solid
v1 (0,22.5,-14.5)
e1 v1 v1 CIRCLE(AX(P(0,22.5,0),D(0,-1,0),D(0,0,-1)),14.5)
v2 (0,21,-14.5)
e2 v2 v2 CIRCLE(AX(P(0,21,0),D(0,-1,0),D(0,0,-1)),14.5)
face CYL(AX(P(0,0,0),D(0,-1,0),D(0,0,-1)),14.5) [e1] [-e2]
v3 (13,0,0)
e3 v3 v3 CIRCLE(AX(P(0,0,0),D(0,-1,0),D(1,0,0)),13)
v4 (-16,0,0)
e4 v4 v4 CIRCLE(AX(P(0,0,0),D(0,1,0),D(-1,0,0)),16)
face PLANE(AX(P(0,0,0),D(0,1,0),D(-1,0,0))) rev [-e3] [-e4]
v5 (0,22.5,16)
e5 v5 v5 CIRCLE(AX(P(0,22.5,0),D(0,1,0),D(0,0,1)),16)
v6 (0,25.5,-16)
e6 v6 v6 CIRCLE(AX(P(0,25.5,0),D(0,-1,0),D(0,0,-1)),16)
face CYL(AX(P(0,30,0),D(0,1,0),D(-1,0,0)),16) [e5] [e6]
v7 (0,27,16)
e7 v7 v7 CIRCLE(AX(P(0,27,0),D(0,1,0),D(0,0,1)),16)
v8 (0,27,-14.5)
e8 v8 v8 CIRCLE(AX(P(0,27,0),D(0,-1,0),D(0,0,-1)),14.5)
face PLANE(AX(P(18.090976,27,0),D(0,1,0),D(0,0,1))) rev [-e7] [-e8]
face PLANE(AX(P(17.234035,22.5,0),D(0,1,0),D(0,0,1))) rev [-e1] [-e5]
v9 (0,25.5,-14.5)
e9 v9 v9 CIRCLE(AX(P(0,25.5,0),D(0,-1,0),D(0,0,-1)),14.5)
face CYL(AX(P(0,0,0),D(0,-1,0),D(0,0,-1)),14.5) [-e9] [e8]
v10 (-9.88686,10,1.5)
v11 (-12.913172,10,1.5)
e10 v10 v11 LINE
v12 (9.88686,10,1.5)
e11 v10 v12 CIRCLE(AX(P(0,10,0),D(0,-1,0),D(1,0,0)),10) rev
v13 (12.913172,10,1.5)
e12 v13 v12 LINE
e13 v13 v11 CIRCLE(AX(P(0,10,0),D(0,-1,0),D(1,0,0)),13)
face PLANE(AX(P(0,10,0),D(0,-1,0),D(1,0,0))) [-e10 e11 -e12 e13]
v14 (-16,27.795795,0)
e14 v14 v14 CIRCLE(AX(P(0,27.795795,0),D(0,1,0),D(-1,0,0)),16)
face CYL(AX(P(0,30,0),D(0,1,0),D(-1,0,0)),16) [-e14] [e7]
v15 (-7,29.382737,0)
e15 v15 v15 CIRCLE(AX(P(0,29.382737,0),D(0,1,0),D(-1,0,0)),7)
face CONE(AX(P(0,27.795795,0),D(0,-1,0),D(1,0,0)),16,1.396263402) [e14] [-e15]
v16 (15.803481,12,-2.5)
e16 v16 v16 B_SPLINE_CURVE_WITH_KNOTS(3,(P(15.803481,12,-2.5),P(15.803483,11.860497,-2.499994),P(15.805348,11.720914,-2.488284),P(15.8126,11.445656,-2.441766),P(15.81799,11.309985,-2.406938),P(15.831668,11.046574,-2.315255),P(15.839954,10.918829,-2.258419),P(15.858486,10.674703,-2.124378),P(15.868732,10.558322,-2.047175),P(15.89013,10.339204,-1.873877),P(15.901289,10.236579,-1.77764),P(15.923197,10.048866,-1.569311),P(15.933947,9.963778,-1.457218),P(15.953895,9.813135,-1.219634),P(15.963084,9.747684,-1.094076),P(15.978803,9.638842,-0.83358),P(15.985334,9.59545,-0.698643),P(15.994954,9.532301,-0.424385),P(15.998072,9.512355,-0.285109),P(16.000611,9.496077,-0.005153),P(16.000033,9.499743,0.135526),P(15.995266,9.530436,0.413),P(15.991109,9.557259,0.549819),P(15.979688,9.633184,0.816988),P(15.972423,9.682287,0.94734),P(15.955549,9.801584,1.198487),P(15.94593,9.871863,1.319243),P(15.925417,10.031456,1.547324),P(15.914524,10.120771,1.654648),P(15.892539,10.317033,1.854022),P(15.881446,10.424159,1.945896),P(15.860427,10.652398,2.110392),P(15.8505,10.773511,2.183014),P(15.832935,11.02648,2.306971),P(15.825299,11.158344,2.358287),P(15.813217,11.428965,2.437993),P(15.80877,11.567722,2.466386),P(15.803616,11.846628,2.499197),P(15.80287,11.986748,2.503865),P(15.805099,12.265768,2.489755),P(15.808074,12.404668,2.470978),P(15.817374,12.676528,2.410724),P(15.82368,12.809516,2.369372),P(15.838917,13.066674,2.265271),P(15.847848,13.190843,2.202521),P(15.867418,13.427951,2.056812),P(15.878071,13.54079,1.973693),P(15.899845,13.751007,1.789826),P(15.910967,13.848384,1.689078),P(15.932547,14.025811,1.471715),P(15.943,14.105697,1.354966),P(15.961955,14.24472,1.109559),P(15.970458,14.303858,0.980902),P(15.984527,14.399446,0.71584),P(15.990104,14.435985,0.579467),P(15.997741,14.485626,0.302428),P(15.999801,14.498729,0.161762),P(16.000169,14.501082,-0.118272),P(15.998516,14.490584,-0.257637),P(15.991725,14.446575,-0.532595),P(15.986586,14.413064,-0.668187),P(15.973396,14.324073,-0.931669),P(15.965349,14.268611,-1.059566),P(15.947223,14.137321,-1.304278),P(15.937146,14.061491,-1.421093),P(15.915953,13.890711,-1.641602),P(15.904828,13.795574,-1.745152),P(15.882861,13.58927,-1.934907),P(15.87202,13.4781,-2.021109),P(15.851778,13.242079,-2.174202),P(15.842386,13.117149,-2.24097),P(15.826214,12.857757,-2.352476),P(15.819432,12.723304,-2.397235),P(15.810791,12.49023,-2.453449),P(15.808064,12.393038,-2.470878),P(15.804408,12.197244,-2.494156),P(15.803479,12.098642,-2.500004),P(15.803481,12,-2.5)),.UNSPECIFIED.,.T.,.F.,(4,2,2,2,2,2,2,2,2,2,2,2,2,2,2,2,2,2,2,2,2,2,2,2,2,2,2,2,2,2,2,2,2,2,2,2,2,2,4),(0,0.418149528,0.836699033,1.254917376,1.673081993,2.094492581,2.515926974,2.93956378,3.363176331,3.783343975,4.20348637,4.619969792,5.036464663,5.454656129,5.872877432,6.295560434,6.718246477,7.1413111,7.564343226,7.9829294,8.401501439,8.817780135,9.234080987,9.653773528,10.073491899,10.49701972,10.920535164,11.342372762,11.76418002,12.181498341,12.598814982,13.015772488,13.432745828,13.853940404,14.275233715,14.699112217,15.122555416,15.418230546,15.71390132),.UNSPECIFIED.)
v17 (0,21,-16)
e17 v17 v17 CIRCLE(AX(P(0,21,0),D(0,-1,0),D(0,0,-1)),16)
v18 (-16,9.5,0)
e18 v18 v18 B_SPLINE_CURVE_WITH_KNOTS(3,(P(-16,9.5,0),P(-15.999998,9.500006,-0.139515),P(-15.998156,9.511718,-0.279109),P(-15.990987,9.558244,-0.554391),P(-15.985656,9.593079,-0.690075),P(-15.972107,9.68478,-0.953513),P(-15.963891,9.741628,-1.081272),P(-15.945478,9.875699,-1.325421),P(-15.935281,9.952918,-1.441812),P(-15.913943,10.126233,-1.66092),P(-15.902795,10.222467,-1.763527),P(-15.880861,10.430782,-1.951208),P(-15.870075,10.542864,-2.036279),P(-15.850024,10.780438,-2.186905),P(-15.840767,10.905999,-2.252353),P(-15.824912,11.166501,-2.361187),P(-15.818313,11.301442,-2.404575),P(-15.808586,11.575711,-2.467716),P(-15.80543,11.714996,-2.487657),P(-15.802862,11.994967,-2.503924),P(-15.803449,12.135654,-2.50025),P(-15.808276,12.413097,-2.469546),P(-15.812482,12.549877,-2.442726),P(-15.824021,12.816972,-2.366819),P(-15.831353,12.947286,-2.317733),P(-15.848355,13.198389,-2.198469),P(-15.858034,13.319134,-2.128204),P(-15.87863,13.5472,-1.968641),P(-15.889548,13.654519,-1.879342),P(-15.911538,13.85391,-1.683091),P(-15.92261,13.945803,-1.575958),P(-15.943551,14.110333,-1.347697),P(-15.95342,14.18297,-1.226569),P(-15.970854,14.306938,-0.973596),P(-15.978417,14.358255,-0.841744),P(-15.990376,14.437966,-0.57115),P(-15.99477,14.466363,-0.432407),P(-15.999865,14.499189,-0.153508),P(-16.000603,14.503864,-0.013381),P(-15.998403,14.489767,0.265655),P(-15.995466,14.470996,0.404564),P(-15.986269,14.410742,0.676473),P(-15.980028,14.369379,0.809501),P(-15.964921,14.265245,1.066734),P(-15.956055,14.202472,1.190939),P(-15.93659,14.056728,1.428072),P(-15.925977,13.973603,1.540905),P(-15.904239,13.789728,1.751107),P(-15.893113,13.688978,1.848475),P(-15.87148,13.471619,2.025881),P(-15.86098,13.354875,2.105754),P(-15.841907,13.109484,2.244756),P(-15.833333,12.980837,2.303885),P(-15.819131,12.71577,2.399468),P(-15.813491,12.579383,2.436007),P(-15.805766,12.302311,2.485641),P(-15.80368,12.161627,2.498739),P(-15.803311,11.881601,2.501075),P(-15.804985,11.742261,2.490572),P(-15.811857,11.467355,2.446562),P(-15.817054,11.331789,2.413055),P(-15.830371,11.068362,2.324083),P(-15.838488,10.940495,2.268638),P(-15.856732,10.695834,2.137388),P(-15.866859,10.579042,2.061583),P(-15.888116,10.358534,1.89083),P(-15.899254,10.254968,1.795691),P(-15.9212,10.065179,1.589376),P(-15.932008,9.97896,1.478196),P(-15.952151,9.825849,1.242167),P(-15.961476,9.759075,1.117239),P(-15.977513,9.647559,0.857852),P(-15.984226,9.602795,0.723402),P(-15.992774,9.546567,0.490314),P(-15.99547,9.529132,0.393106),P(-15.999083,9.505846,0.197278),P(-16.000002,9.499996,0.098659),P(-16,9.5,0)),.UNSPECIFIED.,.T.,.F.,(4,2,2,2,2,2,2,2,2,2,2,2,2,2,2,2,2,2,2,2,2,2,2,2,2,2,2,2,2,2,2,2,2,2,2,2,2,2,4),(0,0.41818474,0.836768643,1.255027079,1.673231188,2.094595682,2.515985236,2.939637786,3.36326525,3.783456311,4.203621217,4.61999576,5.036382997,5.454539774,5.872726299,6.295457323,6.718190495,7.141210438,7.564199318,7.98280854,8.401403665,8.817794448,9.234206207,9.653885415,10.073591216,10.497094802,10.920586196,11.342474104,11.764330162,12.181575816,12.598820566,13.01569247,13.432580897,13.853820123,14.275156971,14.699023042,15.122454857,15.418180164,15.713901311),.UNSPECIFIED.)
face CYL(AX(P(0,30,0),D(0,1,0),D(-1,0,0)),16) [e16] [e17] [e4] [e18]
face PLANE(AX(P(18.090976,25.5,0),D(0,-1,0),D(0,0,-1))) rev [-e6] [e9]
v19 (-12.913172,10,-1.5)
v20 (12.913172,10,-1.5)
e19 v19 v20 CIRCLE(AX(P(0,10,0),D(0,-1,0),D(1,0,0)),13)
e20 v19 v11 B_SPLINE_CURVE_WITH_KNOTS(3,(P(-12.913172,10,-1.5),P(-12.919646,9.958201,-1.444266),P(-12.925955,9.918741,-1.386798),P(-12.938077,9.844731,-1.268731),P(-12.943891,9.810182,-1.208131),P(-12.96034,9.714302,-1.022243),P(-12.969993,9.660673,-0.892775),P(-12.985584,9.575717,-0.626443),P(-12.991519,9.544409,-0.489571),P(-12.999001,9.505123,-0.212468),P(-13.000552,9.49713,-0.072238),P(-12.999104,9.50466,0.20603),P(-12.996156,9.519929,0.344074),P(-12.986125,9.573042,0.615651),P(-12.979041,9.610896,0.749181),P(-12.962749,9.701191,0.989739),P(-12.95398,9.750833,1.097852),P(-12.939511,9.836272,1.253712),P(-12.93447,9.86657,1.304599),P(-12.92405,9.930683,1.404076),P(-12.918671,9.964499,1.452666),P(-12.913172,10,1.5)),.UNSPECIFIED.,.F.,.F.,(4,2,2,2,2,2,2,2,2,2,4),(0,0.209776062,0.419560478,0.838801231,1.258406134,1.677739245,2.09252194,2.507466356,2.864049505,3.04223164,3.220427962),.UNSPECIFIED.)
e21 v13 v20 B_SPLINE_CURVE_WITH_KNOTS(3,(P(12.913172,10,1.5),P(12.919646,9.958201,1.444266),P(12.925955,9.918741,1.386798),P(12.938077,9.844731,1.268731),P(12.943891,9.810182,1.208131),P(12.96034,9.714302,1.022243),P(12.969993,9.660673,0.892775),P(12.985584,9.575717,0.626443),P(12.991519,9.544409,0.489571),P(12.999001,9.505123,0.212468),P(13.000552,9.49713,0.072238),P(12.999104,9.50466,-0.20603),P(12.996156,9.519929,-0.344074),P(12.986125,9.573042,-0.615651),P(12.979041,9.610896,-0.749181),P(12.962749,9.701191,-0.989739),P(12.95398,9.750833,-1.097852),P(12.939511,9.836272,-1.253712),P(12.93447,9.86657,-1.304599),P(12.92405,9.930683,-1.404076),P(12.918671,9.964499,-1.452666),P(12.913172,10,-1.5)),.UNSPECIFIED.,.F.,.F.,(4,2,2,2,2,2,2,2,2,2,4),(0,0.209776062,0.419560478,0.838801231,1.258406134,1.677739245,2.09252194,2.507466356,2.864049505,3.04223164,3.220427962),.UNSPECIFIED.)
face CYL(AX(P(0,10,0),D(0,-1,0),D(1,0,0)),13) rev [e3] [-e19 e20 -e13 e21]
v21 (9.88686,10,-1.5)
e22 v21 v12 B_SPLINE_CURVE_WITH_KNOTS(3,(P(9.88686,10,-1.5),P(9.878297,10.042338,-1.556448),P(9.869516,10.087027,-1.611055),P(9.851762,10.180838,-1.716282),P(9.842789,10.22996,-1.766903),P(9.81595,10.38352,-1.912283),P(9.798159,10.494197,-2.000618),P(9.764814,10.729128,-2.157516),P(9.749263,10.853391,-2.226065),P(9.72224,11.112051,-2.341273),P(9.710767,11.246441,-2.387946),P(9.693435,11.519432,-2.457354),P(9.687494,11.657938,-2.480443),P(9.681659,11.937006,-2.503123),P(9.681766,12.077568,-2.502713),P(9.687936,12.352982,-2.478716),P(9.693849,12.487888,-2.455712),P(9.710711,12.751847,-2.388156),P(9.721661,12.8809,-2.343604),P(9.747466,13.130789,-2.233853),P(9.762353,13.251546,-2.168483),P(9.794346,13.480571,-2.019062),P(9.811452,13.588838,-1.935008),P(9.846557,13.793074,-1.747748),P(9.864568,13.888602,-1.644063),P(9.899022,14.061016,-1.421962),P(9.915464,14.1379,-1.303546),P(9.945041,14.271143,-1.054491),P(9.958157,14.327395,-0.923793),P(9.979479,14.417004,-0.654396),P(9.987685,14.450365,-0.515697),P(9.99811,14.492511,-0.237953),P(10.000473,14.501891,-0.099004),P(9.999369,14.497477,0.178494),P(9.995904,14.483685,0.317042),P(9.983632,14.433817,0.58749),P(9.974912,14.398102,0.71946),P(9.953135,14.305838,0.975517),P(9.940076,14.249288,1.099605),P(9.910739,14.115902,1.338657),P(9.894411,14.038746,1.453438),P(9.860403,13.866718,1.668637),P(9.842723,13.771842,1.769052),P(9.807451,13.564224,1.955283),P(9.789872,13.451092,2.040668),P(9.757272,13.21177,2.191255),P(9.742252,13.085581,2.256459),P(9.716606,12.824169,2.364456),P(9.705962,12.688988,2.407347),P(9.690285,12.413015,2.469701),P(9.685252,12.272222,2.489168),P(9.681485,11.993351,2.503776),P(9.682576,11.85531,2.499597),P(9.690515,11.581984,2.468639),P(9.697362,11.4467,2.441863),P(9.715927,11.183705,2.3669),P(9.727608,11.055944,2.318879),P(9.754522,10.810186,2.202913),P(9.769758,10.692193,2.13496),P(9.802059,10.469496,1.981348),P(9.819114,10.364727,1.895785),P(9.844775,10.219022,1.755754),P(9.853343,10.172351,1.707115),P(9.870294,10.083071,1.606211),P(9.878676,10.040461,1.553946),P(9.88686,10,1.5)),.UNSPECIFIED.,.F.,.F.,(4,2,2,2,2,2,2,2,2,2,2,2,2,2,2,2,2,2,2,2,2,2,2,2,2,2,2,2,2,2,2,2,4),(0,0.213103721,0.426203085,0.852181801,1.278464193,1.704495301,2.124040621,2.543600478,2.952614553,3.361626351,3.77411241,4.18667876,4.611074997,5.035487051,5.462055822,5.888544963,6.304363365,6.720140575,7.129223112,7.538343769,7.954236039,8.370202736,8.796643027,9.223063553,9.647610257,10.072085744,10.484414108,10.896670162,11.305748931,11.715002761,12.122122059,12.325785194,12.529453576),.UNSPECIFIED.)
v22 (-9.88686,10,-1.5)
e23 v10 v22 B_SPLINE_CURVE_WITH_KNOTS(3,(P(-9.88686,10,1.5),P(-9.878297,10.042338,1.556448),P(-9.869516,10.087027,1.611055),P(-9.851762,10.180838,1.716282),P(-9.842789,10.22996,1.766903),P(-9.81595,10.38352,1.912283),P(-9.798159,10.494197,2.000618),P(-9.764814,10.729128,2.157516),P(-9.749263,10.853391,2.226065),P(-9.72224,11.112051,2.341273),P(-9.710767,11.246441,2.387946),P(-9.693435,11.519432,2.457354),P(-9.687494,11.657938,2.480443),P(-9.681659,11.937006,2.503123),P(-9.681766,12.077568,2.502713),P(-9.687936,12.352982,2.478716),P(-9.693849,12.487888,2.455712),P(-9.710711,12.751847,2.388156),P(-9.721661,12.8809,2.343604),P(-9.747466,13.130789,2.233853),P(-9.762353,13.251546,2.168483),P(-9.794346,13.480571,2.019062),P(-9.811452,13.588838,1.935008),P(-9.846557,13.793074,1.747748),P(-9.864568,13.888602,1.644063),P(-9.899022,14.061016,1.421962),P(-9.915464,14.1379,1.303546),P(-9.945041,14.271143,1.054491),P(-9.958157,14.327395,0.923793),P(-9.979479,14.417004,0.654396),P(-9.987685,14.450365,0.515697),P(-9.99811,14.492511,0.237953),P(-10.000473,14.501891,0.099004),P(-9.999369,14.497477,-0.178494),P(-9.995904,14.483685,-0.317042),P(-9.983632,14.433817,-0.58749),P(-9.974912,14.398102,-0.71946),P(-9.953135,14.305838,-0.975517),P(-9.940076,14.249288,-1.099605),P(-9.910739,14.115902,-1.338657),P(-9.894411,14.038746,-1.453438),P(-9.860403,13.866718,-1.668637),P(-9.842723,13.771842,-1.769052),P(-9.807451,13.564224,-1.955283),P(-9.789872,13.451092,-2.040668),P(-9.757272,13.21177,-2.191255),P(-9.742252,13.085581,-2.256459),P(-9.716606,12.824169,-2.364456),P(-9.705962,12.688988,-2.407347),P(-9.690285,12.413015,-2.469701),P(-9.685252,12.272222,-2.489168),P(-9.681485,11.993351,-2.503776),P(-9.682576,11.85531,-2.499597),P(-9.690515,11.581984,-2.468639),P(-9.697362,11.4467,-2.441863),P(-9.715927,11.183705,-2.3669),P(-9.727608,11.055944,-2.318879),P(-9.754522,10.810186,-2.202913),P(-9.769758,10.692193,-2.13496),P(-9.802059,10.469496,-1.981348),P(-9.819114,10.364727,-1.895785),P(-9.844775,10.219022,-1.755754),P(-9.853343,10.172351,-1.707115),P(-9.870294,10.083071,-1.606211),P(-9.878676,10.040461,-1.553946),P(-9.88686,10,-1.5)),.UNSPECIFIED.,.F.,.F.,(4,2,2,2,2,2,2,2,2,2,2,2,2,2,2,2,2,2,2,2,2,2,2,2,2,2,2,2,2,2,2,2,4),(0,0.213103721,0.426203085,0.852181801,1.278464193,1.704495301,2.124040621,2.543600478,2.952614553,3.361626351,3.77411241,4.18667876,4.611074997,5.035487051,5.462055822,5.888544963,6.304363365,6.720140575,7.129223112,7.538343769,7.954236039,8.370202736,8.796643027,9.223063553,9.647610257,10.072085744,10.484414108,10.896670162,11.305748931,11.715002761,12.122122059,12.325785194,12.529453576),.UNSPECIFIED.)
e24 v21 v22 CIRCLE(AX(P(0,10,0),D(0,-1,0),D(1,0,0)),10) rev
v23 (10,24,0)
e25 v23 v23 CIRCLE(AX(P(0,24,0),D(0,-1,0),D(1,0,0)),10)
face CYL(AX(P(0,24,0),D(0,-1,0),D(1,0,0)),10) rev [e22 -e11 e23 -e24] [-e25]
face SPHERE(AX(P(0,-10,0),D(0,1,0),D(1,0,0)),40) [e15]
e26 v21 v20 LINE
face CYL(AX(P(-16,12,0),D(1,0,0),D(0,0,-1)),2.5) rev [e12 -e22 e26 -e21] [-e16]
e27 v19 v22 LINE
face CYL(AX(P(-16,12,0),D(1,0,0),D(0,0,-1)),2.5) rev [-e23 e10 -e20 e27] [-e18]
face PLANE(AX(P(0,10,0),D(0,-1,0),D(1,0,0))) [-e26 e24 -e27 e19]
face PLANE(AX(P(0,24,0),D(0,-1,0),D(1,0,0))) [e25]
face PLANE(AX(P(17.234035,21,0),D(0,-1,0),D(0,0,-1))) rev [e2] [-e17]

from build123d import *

# Parameters (mm, degrees)
SKETCH2_W               = 3.590975848
SKETCH2_H               = 1.5
SKETCH2_W_2             = 2.734034887
SKETCH3_R               = 10
CUT_EXTRUDE1_DEPTH      = 24
SKETCH4_R               = 13
CUT_EXTRUDE2_DEPTH      = 10
CUT_EXTRUDE3_DEPTH      = 38.576588456
CUT_EXTRUDE3_DEPTH_BACK = 38.576588456
SKETCH5_R               = 2.5


with BuildPart() as part:
    # Sketch1 → Revolve1 (revolve)
    with BuildSketch(Plane.XY, mode=Mode.PRIVATE) as revolve1_sk:
        with BuildLine():
            Line((0, 0), (16, 0))
            Line((16, 0), (16, 27.795794509))
            Line((16, 27.795794509), (7, 29.382737335))
            ThreePointArc((7, 29.382737335), (3.513581264, 29.845385513), (0, 30))
            Line((0, 30), (0, 0))
        make_face()
    revolve(revolve1_sk.sketch.rotate(Axis((0, 30, 0), (0, -1, 0)), 180), axis=Axis((0, 30, 0), (0, -1, 0)))

    # Sketch2 → Cut-Revolve1 (revolve, cut)
    with BuildSketch(Plane.XY, mode=Mode.PRIVATE) as cut_revolve1_sk:
        with Locations((16.295487924, 26.25)):
            Rectangle(SKETCH2_W, SKETCH2_H)
        with Locations((15.867017443, 21.75)):
            Rectangle(SKETCH2_W_2, SKETCH2_H)
    revolve(cut_revolve1_sk.sketch.rotate(Axis((0, 0, 0), (0, 1, 0)), 90), axis=Axis((0, 0, 0), (0, 1, 0)), mode=Mode.SUBTRACT)

    # Sketch3 → Cut-Extrude1 (cut)
    with BuildSketch(Plane.XZ):
        Circle(SKETCH3_R)
    extrude(amount=-CUT_EXTRUDE1_DEPTH, mode=Mode.SUBTRACT)

    # Sketch4 → Cut-Extrude2 (cut)
    with BuildSketch(Plane(origin=(0, 0, 0), x_dir=(-1, 0, 0), z_dir=(0, -1, 0))):
        with Locations(Location((0, 0, 0), (0, 0, 180))):
            Circle(SKETCH4_R)
    extrude(amount=-CUT_EXTRUDE2_DEPTH, mode=Mode.SUBTRACT)

    # Sketch5 → Cut-Extrude3 (cut, two sides: drawn at the far end of the back side and taken through both)
    with BuildSketch(Plane(origin=(0, 0, 0), x_dir=(0, 0, -1), z_dir=(1, 0, 0)).offset(-CUT_EXTRUDE3_DEPTH_BACK)):
        with Locations(Location((0, 12, 0), (0, 0, 306.869897646))):
            Circle(SKETCH5_R)
    extrude(amount=CUT_EXTRUDE3_DEPTH + CUT_EXTRUDE3_DEPTH_BACK, mode=Mode.SUBTRACT)


solid = part.part
